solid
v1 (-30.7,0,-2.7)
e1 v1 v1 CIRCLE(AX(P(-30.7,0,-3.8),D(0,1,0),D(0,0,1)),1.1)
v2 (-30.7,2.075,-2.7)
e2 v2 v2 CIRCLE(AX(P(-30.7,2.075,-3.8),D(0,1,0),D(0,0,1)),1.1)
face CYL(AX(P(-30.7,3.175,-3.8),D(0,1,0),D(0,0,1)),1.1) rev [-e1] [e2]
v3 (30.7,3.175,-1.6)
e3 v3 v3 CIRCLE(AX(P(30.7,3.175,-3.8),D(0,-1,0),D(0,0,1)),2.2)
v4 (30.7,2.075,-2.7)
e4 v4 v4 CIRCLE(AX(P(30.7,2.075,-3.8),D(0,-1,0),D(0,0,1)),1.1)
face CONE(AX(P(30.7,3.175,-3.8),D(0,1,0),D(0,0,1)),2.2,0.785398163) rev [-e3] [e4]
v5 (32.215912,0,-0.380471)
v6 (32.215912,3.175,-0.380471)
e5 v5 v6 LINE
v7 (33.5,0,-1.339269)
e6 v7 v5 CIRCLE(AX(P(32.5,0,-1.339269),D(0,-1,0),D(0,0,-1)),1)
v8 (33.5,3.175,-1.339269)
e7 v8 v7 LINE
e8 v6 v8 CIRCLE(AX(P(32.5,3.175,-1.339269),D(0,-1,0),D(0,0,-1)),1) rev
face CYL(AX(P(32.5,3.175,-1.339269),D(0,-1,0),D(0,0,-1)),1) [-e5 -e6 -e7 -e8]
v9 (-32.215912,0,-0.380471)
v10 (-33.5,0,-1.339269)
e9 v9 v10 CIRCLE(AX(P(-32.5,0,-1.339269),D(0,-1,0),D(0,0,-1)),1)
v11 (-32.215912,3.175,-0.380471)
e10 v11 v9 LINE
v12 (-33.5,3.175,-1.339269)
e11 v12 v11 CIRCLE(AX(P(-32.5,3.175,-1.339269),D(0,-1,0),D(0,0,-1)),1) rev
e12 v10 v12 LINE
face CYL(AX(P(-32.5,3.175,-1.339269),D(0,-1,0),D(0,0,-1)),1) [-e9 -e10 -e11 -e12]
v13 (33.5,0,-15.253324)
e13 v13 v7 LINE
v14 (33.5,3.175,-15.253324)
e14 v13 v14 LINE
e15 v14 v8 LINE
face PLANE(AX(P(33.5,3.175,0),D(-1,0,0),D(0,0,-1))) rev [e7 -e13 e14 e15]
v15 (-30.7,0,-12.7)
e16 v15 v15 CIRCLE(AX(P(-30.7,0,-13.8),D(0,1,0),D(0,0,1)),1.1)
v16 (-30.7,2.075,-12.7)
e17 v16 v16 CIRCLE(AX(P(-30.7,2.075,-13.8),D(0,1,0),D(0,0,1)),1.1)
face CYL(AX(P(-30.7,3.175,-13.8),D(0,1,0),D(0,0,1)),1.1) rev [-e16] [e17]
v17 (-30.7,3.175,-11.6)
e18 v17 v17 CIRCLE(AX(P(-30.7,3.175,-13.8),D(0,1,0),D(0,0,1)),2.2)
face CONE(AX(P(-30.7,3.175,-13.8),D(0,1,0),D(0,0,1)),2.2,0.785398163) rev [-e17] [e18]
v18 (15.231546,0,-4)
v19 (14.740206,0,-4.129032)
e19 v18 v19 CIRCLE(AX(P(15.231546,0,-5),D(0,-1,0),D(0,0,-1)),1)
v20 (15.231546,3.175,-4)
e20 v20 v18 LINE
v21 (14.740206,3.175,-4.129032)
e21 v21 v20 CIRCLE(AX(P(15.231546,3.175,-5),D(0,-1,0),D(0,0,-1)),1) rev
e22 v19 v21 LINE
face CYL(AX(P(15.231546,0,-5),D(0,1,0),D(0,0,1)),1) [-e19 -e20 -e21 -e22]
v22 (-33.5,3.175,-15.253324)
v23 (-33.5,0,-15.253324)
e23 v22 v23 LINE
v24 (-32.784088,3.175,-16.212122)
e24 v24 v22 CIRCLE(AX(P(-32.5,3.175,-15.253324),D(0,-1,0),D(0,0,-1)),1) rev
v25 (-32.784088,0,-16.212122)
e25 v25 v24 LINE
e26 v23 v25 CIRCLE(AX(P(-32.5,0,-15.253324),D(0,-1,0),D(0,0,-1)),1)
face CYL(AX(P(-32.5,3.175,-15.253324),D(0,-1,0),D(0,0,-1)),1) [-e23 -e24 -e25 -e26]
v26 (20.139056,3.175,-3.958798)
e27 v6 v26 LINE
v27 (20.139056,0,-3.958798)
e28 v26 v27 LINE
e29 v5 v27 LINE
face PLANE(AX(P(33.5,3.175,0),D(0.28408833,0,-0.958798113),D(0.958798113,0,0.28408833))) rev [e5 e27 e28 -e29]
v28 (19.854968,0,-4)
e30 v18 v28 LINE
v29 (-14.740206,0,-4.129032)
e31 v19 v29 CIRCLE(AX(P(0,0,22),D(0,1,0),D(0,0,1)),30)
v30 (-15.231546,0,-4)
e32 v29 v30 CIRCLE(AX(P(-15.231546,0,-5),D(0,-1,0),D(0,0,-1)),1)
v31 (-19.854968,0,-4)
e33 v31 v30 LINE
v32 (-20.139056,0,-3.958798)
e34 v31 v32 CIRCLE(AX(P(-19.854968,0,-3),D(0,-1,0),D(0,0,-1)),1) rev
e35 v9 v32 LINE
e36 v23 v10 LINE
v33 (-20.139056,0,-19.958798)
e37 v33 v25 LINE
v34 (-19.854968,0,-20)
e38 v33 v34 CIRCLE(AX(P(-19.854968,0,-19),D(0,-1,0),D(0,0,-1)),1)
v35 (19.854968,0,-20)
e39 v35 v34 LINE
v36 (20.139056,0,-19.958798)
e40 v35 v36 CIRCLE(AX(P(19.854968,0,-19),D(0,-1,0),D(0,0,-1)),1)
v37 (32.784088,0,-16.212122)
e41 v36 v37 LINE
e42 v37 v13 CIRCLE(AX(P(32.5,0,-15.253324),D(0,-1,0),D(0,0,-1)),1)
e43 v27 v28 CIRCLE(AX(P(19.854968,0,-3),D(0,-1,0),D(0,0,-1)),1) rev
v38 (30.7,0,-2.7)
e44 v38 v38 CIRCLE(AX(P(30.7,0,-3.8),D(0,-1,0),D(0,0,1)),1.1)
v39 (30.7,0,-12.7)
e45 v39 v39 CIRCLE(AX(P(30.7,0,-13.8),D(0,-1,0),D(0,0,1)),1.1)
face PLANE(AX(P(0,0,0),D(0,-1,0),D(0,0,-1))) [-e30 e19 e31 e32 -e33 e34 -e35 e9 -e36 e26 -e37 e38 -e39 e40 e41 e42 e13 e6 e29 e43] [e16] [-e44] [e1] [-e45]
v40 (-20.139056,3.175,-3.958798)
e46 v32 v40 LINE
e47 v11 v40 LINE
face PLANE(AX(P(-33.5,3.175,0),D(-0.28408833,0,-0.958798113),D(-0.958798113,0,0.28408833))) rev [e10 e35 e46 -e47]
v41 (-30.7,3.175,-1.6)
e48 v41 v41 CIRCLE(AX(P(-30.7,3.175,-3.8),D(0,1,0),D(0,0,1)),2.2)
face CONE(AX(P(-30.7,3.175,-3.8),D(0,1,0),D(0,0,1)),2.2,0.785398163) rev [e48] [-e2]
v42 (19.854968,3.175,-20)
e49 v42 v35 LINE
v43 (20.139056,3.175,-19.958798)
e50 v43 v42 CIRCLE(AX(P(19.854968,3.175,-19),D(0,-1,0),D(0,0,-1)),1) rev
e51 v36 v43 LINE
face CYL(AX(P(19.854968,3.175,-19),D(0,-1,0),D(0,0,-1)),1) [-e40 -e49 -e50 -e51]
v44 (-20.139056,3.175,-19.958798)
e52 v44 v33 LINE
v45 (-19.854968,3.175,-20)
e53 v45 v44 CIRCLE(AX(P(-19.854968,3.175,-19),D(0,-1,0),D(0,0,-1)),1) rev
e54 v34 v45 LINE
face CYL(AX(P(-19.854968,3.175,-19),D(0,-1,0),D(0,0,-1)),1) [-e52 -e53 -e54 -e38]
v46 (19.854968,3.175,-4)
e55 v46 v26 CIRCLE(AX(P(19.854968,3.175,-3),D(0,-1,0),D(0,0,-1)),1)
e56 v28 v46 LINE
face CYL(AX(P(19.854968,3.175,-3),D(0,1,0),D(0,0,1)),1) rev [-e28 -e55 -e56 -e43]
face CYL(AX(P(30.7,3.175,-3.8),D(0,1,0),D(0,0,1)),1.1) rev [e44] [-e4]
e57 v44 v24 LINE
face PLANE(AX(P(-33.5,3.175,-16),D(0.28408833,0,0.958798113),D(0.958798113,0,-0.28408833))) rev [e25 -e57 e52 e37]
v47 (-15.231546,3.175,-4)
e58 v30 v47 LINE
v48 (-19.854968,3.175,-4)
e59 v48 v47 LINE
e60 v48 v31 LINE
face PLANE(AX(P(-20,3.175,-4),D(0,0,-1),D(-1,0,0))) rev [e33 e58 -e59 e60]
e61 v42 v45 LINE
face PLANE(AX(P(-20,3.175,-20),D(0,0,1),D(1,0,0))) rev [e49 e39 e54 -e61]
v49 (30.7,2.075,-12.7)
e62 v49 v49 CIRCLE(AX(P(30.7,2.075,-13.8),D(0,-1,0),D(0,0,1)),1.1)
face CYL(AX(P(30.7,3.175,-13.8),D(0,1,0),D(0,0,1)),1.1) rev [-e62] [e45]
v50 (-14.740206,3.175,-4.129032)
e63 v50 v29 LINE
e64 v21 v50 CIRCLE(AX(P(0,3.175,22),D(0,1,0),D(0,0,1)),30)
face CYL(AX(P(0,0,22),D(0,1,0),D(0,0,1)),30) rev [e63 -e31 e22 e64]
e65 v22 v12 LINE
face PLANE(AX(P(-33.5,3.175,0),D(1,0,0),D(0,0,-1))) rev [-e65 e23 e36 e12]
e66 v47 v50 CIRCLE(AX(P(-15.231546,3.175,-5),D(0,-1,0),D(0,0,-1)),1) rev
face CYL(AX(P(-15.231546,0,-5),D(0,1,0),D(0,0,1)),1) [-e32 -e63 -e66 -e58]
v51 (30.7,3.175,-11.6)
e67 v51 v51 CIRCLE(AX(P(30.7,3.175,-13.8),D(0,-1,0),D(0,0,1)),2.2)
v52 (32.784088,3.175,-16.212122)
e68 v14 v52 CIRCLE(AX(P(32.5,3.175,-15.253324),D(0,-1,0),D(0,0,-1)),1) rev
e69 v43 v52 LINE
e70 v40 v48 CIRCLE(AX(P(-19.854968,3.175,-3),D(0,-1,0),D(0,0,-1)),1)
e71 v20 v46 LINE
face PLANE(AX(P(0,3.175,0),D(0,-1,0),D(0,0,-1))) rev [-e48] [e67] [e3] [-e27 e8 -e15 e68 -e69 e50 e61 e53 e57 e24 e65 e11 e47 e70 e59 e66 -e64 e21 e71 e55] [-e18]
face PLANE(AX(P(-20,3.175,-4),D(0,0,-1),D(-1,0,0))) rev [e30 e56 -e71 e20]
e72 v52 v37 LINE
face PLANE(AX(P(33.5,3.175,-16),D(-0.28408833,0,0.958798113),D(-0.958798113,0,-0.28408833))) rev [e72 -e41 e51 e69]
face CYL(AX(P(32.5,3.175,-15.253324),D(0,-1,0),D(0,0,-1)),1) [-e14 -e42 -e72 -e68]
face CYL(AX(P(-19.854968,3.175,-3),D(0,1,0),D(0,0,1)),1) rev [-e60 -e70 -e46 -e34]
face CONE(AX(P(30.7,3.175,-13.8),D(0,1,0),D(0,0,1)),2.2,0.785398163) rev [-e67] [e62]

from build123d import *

# Parameters (mm, degrees)
BOSS_EXTRUDE1_DEPTH                             = 3.175
CSK_FOR_M2_FLAT_HEAD_MACHINE_SCREW1_D           = 2.2
CSK_FOR_M2_FLAT_HEAD_MACHINE_SCREW1_CSINK_D     = 4.4
CSK_FOR_M2_FLAT_HEAD_MACHINE_SCREW1_CSINK_ANGLE = 90
SKETCH5_R                                       = 30
CUT_EXTRUDE2_DEPTH                              = 40.144994891
FILLET1_R                                       = 1


with BuildPart() as part:
    # Sketch1 → Boss-Extrude1 (new body)
    with BuildSketch(Plane(origin=(0, 0, 0), x_dir=(1, 0, 0), z_dir=(0, 1, 0))):
        Polygon((-33.5, 0), (-33.5, 16), (-20, 20), (0, 20), (0, 4), (-20, 4), align=None)
    extrude(amount=BOSS_EXTRUDE1_DEPTH)

    # CSK for M2 Flat Head Machine Screw1 (through all)
    with Locations(Plane(origin=(0, 3.175, 0), x_dir=(1, 0, 0), z_dir=(0, 1, 0))):
        with Locations((-30.7, 13.8), (-30.7, 3.8)):
            CounterSinkHole(CSK_FOR_M2_FLAT_HEAD_MACHINE_SCREW1_D / 2, CSK_FOR_M2_FLAT_HEAD_MACHINE_SCREW1_CSINK_D / 2, counter_sink_angle=CSK_FOR_M2_FLAT_HEAD_MACHINE_SCREW1_CSINK_ANGLE)

    # Mirror1: part across plane


with BuildPart() as part_1:
    add(part.part)
    add(part.part.mirror(Plane(origin=(0, 0, 0), x_dir=(0, 0, 1), z_dir=(1, 0, 0))))

    # Sketch5 → Cut-Extrude2 (cut, through all)
    with BuildSketch(Plane(origin=(0, 3.175, 0), x_dir=(1, 0, 0), z_dir=(0, 1, 0))):
        with Locations((0, -22)):
            Circle(SKETCH5_R)
    extrude(amount=-CUT_EXTRUDE2_DEPTH, mode=Mode.SUBTRACT)

    # Fillet1
    fillet1_edges = [part_1.edges().sort_by_distance(p)[0] for p in [
        (-20, 1.5875, -4),
        (-33.5, 1.5875, 0),
        (-33.5, 1.5875, -16),
        (-20, 1.5875, -20),
        (20, 1.5875, -20),
        (33.5, 1.5875, -16),
        (33.5, 1.5875, 0),
        (20, 1.5875, -4),
        (-14.966629547, 1.5875, -4),
        (14.966629547, 1.5875, -4),
    ]]
    fillet(fillet1_edges, radius=FILLET1_R)


solid = part_1.part
